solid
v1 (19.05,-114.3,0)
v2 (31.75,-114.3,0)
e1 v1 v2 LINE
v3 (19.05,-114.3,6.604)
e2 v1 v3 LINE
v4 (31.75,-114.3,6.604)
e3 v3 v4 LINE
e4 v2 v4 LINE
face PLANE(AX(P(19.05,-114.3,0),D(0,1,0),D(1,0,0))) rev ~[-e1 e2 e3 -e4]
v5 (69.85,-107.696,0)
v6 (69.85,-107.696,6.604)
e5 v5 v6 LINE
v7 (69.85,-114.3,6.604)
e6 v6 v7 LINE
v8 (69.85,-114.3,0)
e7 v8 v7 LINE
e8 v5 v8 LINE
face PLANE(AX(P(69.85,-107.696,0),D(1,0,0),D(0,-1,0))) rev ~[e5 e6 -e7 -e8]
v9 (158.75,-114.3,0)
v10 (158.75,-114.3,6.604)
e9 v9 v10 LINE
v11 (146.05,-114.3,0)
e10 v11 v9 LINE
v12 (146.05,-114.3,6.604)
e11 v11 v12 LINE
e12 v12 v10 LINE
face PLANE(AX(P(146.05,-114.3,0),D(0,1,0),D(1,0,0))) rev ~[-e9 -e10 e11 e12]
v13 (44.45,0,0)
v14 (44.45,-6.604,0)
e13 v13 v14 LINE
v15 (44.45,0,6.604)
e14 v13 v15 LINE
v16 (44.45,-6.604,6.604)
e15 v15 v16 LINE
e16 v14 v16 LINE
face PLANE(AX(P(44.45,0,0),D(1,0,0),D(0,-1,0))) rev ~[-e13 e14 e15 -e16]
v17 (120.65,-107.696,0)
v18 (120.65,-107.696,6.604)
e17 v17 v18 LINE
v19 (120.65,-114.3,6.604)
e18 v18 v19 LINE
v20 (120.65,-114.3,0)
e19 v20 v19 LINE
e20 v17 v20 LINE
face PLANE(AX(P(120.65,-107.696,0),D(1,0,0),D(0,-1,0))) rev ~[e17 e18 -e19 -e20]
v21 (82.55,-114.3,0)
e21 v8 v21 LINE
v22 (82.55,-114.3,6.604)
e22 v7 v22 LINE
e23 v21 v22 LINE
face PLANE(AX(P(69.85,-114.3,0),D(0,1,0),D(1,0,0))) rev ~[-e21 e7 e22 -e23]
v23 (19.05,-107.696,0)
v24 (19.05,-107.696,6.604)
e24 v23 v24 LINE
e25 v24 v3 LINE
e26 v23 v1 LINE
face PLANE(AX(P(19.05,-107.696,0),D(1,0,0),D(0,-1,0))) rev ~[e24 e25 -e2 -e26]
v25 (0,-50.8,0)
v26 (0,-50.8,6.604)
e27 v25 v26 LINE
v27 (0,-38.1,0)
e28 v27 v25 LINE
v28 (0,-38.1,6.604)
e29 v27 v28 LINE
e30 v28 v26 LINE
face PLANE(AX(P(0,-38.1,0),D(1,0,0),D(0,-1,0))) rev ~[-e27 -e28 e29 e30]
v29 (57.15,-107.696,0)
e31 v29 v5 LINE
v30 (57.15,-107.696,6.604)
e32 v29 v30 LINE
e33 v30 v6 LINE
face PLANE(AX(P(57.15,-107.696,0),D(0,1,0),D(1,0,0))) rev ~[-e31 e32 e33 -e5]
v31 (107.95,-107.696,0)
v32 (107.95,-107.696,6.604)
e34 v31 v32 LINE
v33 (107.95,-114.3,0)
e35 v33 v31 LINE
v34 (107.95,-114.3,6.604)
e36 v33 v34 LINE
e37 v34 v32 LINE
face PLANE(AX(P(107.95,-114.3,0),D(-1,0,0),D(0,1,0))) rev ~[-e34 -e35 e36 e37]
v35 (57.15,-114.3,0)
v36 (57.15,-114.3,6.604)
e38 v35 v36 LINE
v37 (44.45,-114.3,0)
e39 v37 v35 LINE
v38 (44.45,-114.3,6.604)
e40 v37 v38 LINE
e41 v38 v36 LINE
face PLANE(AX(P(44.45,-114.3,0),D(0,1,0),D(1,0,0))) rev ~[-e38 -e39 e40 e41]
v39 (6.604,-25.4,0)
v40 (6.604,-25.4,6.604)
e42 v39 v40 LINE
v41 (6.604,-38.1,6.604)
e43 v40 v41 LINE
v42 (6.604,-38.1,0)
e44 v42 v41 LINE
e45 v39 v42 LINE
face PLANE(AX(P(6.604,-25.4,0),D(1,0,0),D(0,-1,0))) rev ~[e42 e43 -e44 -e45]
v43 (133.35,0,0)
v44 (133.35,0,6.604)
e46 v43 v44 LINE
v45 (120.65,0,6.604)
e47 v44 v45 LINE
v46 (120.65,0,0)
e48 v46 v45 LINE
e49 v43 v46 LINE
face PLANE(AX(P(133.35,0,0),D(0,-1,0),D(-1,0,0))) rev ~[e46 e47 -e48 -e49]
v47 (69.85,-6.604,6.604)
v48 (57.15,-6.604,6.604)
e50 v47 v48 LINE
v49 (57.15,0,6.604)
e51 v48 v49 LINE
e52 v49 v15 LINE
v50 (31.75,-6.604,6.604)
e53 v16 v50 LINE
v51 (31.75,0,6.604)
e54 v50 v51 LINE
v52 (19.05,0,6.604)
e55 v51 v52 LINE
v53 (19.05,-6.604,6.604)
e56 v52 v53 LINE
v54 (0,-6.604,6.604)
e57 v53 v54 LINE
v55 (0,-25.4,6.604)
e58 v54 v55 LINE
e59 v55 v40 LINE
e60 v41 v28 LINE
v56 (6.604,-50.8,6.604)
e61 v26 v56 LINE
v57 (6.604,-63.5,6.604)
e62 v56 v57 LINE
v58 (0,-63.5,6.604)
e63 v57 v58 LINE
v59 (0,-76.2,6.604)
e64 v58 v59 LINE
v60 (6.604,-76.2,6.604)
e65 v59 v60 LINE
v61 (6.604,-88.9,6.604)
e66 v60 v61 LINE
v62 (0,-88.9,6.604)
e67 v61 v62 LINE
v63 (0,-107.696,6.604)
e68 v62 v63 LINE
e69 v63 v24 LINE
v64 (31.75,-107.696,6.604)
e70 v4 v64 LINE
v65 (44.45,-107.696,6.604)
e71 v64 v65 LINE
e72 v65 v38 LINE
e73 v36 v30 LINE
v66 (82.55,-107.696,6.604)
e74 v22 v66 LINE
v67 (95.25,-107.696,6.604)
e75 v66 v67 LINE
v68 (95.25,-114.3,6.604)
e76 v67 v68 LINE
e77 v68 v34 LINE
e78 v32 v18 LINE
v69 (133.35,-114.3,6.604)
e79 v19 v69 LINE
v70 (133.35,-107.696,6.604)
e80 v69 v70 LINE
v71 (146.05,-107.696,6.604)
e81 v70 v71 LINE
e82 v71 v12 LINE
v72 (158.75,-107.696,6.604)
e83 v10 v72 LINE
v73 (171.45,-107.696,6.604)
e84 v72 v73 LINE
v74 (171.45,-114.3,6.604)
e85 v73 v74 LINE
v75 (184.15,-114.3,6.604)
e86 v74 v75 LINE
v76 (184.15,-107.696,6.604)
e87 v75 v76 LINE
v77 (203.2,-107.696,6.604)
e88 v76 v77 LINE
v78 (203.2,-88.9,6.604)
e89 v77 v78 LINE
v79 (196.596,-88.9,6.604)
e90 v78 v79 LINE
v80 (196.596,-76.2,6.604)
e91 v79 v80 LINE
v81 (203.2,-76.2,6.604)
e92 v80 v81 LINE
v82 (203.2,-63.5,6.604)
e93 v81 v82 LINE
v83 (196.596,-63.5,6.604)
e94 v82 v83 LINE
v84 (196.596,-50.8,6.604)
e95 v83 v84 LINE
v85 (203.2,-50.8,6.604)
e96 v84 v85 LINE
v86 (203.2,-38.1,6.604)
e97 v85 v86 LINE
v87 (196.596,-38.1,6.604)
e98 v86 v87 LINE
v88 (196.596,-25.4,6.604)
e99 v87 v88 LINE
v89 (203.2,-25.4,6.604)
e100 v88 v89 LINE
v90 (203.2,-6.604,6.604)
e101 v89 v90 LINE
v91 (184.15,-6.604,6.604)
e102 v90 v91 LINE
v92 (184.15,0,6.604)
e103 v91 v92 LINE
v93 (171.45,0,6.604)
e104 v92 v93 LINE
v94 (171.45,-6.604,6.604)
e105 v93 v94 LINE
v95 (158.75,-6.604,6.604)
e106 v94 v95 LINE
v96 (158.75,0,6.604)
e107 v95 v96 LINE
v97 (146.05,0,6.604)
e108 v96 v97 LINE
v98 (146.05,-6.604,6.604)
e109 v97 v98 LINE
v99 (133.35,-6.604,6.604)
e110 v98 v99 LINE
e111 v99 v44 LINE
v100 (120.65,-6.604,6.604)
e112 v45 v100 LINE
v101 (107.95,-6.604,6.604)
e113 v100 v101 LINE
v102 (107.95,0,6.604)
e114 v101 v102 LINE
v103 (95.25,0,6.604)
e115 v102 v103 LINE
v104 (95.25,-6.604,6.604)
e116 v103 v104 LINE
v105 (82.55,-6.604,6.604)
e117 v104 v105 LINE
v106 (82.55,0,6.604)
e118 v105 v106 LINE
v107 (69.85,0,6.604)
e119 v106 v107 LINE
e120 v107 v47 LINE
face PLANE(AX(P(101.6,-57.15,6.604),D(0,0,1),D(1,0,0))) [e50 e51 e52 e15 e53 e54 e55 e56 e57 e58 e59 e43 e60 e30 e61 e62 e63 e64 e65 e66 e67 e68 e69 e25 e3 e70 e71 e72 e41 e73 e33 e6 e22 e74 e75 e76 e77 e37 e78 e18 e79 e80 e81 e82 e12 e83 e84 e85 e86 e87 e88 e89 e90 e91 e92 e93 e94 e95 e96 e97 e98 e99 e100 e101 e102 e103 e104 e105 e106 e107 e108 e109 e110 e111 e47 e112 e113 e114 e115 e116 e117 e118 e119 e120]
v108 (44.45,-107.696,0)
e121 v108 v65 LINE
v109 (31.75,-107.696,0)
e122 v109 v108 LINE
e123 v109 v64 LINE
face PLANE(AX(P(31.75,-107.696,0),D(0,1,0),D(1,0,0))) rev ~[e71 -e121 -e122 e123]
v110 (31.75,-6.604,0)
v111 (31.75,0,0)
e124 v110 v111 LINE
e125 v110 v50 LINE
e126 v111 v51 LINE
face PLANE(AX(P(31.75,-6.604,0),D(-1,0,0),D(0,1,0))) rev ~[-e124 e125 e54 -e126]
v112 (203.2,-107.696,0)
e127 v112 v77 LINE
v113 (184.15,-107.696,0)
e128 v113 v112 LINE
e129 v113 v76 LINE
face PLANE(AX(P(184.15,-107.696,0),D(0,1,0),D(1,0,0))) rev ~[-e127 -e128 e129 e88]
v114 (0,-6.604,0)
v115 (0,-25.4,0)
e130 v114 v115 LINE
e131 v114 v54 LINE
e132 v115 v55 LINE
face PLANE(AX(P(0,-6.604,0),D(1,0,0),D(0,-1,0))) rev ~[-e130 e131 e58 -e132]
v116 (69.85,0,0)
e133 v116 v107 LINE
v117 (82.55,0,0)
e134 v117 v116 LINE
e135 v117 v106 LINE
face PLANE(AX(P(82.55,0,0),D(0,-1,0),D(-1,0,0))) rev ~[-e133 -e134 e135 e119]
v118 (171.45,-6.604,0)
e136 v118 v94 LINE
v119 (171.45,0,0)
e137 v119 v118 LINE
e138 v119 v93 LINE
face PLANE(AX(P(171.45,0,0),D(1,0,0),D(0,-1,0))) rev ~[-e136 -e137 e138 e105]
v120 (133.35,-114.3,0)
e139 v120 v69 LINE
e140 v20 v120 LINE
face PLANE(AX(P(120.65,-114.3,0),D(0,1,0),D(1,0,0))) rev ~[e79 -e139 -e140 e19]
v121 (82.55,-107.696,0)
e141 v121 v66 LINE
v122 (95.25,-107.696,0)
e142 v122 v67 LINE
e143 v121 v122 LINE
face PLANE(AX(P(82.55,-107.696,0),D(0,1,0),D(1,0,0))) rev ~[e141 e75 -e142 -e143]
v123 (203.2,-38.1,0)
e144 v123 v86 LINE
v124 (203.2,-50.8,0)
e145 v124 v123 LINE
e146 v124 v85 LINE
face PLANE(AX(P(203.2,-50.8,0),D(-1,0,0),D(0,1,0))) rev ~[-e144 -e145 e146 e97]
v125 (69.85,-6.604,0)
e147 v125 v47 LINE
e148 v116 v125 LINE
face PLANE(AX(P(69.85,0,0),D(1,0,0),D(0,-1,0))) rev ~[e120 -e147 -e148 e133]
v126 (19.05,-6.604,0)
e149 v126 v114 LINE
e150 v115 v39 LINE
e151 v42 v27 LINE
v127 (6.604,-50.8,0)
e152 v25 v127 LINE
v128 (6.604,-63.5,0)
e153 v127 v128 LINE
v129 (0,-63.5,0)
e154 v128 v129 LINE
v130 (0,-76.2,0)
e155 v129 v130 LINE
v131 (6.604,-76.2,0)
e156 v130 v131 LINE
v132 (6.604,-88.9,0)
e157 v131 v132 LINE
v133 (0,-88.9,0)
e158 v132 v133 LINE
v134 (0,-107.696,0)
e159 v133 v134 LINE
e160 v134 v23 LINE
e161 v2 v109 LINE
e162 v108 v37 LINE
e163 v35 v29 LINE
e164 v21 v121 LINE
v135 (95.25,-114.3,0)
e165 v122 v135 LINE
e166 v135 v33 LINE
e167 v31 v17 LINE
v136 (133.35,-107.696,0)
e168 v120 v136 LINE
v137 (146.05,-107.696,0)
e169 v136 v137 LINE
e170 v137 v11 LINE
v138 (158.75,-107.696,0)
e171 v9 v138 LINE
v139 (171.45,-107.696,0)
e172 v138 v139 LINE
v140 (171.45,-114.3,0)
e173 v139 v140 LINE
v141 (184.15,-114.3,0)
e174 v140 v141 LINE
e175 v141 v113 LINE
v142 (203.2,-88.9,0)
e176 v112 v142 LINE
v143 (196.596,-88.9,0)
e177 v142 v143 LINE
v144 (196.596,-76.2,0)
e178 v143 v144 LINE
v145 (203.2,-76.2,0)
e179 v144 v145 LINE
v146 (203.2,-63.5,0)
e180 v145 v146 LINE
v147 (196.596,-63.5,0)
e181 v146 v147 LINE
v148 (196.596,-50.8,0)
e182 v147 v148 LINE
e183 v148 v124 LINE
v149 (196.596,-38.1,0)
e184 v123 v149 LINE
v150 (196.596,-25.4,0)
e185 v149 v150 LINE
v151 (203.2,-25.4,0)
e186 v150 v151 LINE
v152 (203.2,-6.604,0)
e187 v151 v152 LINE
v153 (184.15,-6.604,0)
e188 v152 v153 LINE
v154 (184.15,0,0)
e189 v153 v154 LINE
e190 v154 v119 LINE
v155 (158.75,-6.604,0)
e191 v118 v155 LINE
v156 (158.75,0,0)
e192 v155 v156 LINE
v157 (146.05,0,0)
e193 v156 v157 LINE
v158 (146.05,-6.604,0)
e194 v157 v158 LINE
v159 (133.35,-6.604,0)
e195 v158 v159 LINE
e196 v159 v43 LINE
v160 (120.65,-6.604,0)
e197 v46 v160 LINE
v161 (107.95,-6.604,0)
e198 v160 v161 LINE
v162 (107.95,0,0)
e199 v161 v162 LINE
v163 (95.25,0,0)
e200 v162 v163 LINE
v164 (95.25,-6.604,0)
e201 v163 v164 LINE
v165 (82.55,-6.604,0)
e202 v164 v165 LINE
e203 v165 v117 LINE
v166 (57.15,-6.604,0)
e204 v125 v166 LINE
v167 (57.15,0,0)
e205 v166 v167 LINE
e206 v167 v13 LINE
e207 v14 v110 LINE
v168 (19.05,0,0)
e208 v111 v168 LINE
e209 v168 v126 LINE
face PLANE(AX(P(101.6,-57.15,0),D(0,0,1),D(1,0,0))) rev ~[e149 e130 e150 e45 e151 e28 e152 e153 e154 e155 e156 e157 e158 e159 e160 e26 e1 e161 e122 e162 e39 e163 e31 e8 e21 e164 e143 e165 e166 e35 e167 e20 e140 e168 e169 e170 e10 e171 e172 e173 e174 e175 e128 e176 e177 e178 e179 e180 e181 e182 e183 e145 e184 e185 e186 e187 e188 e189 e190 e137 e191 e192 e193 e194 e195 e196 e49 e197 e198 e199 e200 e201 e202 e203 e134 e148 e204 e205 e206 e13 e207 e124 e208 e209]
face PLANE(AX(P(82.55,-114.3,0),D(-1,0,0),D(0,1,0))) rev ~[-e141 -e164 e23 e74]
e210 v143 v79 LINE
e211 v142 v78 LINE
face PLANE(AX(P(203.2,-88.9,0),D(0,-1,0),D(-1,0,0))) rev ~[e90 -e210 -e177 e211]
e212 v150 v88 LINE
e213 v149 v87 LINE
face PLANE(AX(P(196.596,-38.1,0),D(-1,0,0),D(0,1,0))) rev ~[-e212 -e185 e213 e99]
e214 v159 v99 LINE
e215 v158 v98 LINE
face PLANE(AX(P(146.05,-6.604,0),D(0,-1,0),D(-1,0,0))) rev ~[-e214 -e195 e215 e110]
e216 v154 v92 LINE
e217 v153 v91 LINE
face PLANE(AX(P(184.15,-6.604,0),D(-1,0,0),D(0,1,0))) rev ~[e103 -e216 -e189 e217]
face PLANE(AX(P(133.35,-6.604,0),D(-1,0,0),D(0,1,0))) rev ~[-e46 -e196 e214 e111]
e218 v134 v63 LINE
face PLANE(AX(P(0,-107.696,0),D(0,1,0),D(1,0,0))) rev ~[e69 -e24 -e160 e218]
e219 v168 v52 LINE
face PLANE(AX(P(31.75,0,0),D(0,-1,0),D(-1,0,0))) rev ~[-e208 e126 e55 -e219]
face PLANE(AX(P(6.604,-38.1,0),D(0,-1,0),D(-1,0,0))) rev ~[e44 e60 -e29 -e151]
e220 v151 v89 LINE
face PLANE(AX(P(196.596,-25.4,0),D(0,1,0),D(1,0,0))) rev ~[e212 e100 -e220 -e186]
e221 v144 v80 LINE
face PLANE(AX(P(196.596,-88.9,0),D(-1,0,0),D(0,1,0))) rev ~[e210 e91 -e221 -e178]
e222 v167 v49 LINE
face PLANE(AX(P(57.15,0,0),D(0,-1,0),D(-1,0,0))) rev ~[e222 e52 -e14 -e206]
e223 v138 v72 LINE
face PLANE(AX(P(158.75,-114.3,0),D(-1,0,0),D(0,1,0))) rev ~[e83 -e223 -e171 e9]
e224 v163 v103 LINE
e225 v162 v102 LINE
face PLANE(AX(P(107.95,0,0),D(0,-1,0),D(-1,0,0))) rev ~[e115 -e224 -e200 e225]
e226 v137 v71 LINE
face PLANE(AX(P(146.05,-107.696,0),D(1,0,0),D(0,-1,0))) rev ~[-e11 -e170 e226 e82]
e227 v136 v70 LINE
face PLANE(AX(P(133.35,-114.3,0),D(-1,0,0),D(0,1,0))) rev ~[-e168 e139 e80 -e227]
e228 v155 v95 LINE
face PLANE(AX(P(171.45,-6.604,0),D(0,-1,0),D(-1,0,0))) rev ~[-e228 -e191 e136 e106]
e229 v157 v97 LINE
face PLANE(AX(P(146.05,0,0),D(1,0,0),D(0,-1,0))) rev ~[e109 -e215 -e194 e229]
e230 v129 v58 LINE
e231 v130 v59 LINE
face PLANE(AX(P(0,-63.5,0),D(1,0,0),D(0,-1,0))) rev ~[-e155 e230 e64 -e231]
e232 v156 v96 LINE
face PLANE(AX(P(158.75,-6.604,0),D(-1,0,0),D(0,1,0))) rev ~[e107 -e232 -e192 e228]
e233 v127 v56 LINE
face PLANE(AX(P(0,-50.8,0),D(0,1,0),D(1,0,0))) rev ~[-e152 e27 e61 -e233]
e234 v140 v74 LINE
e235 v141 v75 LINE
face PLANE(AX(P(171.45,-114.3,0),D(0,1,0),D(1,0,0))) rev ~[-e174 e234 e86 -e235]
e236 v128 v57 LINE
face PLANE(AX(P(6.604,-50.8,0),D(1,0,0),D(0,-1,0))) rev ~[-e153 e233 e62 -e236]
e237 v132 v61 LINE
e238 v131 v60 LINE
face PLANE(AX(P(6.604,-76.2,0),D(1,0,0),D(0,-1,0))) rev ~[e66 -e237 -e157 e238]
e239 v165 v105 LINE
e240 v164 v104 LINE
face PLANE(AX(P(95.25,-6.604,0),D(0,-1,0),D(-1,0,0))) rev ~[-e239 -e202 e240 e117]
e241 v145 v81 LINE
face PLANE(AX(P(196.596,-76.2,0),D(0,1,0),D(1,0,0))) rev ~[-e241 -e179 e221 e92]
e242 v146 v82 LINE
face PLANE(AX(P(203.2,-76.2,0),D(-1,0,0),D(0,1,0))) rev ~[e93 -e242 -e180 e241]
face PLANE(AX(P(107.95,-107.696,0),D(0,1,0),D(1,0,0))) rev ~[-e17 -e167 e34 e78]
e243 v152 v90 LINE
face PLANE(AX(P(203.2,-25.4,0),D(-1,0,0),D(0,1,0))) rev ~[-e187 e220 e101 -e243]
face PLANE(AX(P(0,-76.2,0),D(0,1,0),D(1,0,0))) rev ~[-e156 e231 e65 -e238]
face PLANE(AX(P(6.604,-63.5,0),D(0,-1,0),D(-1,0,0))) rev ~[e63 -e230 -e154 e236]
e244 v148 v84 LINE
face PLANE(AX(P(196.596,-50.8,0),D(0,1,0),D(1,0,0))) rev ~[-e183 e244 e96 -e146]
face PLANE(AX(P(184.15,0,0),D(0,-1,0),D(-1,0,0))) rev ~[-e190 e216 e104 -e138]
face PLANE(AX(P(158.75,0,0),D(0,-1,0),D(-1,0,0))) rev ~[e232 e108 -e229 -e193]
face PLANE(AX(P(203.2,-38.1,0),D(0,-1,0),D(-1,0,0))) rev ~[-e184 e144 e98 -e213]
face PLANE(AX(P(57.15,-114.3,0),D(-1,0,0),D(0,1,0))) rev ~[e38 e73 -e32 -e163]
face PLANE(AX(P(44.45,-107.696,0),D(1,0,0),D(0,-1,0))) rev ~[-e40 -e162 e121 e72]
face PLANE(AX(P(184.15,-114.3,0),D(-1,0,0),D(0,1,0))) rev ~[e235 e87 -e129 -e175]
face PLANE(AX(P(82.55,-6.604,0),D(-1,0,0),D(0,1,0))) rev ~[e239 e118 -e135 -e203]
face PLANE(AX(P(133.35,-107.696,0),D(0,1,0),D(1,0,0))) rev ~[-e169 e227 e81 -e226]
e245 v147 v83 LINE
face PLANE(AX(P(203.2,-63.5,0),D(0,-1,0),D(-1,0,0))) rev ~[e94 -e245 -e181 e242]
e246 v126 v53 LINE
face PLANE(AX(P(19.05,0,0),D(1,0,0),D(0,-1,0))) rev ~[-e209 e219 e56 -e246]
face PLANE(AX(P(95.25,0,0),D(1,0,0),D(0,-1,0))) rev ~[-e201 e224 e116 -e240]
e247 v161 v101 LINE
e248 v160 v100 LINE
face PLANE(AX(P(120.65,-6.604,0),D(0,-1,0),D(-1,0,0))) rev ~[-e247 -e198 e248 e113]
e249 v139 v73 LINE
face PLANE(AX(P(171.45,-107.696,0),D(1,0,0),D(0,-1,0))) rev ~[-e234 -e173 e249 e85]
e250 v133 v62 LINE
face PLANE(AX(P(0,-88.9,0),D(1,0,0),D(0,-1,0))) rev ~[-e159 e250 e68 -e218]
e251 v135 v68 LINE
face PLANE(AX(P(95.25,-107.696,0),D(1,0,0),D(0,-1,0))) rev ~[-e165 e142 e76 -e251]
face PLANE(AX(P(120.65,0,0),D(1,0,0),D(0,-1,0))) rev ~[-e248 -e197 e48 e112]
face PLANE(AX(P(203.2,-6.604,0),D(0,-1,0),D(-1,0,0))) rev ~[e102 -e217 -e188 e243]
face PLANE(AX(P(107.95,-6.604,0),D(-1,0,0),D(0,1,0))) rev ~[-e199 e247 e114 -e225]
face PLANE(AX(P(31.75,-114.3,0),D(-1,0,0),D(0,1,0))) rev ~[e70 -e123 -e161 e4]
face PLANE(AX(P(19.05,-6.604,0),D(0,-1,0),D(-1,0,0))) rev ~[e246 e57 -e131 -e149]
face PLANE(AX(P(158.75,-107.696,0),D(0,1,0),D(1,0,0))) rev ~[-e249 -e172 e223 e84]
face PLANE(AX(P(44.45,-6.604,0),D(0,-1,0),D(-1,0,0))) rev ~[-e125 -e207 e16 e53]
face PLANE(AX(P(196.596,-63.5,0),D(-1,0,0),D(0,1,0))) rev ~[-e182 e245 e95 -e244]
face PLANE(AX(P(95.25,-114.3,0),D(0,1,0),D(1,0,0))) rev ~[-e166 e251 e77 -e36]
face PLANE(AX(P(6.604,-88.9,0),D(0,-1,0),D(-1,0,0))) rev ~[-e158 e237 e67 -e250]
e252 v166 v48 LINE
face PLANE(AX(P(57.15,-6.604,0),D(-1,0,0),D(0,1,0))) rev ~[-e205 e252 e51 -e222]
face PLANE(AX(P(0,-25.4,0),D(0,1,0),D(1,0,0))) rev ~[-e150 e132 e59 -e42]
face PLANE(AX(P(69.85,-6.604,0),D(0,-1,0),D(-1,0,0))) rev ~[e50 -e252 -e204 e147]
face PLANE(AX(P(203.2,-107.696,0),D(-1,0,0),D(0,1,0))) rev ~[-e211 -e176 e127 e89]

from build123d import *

# Parameters (mm, degrees)
F1_DEPTH = 6.604


with BuildPart() as f1:
    # F0 (on Top) → F1 (new body)
    with BuildSketch(Plane.XY):
        Polygon((31.75, 0), (19.05, 0), (19.05, -6.604), (0, -6.604), (0, -25.4), (6.604, -25.4), (6.604, -38.1), (0, -38.1), (0, -50.8), (6.604, -50.8), (6.604, -63.5), (0, -63.5), (0, -76.2), (6.604, -76.2), (6.604, -88.9), (0, -88.9), (0, -107.696), (19.05, -107.696), (19.05, -114.3), (31.75, -114.3), (31.75, -107.696), (44.45, -107.696), (44.45, -114.3), (57.15, -114.3), (57.15, -107.696), (69.85, -107.696), (69.85, -114.3), (82.55, -114.3), (82.55, -107.696), (95.25, -107.696), (95.25, -114.3), (107.95, -114.3), (107.95, -107.696), (120.65, -107.696), (120.65, -114.3), (133.35, -114.3), (133.35, -107.696), (146.05, -107.696), (146.05, -114.3), (158.75, -114.3), (158.75, -107.696), (171.45, -107.696), (171.45, -114.3), (184.15, -114.3), (184.15, -107.696), (203.2, -107.696), (203.2, -88.9), (196.596, -88.9), (196.596, -76.2), (203.2, -76.2), (203.2, -63.5), (196.596, -63.5), (196.596, -50.8), (203.2, -50.8), (203.2, -38.1), (196.596, -38.1), (196.596, -25.4), (203.2, -25.4), (203.2, -6.604), (184.15, -6.604), (184.15, 0), (171.45, 0), (171.45, -6.604), (158.75, -6.604), (158.75, 0), (146.05, 0), (146.05, -6.604), (133.35, -6.604), (133.35, 0), (120.65, 0), (120.65, -6.604), (107.95, -6.604), (107.95, 0), (95.25, 0), (95.25, -6.604), (82.55, -6.604), (82.55, 0), (69.85, 0), (69.85, -6.604), (57.15, -6.604), (57.15, 0), (44.45, 0), (44.45, -6.604), (31.75, -6.604), align=None)
    extrude(amount=F1_DEPTH)


solid = f1.part
